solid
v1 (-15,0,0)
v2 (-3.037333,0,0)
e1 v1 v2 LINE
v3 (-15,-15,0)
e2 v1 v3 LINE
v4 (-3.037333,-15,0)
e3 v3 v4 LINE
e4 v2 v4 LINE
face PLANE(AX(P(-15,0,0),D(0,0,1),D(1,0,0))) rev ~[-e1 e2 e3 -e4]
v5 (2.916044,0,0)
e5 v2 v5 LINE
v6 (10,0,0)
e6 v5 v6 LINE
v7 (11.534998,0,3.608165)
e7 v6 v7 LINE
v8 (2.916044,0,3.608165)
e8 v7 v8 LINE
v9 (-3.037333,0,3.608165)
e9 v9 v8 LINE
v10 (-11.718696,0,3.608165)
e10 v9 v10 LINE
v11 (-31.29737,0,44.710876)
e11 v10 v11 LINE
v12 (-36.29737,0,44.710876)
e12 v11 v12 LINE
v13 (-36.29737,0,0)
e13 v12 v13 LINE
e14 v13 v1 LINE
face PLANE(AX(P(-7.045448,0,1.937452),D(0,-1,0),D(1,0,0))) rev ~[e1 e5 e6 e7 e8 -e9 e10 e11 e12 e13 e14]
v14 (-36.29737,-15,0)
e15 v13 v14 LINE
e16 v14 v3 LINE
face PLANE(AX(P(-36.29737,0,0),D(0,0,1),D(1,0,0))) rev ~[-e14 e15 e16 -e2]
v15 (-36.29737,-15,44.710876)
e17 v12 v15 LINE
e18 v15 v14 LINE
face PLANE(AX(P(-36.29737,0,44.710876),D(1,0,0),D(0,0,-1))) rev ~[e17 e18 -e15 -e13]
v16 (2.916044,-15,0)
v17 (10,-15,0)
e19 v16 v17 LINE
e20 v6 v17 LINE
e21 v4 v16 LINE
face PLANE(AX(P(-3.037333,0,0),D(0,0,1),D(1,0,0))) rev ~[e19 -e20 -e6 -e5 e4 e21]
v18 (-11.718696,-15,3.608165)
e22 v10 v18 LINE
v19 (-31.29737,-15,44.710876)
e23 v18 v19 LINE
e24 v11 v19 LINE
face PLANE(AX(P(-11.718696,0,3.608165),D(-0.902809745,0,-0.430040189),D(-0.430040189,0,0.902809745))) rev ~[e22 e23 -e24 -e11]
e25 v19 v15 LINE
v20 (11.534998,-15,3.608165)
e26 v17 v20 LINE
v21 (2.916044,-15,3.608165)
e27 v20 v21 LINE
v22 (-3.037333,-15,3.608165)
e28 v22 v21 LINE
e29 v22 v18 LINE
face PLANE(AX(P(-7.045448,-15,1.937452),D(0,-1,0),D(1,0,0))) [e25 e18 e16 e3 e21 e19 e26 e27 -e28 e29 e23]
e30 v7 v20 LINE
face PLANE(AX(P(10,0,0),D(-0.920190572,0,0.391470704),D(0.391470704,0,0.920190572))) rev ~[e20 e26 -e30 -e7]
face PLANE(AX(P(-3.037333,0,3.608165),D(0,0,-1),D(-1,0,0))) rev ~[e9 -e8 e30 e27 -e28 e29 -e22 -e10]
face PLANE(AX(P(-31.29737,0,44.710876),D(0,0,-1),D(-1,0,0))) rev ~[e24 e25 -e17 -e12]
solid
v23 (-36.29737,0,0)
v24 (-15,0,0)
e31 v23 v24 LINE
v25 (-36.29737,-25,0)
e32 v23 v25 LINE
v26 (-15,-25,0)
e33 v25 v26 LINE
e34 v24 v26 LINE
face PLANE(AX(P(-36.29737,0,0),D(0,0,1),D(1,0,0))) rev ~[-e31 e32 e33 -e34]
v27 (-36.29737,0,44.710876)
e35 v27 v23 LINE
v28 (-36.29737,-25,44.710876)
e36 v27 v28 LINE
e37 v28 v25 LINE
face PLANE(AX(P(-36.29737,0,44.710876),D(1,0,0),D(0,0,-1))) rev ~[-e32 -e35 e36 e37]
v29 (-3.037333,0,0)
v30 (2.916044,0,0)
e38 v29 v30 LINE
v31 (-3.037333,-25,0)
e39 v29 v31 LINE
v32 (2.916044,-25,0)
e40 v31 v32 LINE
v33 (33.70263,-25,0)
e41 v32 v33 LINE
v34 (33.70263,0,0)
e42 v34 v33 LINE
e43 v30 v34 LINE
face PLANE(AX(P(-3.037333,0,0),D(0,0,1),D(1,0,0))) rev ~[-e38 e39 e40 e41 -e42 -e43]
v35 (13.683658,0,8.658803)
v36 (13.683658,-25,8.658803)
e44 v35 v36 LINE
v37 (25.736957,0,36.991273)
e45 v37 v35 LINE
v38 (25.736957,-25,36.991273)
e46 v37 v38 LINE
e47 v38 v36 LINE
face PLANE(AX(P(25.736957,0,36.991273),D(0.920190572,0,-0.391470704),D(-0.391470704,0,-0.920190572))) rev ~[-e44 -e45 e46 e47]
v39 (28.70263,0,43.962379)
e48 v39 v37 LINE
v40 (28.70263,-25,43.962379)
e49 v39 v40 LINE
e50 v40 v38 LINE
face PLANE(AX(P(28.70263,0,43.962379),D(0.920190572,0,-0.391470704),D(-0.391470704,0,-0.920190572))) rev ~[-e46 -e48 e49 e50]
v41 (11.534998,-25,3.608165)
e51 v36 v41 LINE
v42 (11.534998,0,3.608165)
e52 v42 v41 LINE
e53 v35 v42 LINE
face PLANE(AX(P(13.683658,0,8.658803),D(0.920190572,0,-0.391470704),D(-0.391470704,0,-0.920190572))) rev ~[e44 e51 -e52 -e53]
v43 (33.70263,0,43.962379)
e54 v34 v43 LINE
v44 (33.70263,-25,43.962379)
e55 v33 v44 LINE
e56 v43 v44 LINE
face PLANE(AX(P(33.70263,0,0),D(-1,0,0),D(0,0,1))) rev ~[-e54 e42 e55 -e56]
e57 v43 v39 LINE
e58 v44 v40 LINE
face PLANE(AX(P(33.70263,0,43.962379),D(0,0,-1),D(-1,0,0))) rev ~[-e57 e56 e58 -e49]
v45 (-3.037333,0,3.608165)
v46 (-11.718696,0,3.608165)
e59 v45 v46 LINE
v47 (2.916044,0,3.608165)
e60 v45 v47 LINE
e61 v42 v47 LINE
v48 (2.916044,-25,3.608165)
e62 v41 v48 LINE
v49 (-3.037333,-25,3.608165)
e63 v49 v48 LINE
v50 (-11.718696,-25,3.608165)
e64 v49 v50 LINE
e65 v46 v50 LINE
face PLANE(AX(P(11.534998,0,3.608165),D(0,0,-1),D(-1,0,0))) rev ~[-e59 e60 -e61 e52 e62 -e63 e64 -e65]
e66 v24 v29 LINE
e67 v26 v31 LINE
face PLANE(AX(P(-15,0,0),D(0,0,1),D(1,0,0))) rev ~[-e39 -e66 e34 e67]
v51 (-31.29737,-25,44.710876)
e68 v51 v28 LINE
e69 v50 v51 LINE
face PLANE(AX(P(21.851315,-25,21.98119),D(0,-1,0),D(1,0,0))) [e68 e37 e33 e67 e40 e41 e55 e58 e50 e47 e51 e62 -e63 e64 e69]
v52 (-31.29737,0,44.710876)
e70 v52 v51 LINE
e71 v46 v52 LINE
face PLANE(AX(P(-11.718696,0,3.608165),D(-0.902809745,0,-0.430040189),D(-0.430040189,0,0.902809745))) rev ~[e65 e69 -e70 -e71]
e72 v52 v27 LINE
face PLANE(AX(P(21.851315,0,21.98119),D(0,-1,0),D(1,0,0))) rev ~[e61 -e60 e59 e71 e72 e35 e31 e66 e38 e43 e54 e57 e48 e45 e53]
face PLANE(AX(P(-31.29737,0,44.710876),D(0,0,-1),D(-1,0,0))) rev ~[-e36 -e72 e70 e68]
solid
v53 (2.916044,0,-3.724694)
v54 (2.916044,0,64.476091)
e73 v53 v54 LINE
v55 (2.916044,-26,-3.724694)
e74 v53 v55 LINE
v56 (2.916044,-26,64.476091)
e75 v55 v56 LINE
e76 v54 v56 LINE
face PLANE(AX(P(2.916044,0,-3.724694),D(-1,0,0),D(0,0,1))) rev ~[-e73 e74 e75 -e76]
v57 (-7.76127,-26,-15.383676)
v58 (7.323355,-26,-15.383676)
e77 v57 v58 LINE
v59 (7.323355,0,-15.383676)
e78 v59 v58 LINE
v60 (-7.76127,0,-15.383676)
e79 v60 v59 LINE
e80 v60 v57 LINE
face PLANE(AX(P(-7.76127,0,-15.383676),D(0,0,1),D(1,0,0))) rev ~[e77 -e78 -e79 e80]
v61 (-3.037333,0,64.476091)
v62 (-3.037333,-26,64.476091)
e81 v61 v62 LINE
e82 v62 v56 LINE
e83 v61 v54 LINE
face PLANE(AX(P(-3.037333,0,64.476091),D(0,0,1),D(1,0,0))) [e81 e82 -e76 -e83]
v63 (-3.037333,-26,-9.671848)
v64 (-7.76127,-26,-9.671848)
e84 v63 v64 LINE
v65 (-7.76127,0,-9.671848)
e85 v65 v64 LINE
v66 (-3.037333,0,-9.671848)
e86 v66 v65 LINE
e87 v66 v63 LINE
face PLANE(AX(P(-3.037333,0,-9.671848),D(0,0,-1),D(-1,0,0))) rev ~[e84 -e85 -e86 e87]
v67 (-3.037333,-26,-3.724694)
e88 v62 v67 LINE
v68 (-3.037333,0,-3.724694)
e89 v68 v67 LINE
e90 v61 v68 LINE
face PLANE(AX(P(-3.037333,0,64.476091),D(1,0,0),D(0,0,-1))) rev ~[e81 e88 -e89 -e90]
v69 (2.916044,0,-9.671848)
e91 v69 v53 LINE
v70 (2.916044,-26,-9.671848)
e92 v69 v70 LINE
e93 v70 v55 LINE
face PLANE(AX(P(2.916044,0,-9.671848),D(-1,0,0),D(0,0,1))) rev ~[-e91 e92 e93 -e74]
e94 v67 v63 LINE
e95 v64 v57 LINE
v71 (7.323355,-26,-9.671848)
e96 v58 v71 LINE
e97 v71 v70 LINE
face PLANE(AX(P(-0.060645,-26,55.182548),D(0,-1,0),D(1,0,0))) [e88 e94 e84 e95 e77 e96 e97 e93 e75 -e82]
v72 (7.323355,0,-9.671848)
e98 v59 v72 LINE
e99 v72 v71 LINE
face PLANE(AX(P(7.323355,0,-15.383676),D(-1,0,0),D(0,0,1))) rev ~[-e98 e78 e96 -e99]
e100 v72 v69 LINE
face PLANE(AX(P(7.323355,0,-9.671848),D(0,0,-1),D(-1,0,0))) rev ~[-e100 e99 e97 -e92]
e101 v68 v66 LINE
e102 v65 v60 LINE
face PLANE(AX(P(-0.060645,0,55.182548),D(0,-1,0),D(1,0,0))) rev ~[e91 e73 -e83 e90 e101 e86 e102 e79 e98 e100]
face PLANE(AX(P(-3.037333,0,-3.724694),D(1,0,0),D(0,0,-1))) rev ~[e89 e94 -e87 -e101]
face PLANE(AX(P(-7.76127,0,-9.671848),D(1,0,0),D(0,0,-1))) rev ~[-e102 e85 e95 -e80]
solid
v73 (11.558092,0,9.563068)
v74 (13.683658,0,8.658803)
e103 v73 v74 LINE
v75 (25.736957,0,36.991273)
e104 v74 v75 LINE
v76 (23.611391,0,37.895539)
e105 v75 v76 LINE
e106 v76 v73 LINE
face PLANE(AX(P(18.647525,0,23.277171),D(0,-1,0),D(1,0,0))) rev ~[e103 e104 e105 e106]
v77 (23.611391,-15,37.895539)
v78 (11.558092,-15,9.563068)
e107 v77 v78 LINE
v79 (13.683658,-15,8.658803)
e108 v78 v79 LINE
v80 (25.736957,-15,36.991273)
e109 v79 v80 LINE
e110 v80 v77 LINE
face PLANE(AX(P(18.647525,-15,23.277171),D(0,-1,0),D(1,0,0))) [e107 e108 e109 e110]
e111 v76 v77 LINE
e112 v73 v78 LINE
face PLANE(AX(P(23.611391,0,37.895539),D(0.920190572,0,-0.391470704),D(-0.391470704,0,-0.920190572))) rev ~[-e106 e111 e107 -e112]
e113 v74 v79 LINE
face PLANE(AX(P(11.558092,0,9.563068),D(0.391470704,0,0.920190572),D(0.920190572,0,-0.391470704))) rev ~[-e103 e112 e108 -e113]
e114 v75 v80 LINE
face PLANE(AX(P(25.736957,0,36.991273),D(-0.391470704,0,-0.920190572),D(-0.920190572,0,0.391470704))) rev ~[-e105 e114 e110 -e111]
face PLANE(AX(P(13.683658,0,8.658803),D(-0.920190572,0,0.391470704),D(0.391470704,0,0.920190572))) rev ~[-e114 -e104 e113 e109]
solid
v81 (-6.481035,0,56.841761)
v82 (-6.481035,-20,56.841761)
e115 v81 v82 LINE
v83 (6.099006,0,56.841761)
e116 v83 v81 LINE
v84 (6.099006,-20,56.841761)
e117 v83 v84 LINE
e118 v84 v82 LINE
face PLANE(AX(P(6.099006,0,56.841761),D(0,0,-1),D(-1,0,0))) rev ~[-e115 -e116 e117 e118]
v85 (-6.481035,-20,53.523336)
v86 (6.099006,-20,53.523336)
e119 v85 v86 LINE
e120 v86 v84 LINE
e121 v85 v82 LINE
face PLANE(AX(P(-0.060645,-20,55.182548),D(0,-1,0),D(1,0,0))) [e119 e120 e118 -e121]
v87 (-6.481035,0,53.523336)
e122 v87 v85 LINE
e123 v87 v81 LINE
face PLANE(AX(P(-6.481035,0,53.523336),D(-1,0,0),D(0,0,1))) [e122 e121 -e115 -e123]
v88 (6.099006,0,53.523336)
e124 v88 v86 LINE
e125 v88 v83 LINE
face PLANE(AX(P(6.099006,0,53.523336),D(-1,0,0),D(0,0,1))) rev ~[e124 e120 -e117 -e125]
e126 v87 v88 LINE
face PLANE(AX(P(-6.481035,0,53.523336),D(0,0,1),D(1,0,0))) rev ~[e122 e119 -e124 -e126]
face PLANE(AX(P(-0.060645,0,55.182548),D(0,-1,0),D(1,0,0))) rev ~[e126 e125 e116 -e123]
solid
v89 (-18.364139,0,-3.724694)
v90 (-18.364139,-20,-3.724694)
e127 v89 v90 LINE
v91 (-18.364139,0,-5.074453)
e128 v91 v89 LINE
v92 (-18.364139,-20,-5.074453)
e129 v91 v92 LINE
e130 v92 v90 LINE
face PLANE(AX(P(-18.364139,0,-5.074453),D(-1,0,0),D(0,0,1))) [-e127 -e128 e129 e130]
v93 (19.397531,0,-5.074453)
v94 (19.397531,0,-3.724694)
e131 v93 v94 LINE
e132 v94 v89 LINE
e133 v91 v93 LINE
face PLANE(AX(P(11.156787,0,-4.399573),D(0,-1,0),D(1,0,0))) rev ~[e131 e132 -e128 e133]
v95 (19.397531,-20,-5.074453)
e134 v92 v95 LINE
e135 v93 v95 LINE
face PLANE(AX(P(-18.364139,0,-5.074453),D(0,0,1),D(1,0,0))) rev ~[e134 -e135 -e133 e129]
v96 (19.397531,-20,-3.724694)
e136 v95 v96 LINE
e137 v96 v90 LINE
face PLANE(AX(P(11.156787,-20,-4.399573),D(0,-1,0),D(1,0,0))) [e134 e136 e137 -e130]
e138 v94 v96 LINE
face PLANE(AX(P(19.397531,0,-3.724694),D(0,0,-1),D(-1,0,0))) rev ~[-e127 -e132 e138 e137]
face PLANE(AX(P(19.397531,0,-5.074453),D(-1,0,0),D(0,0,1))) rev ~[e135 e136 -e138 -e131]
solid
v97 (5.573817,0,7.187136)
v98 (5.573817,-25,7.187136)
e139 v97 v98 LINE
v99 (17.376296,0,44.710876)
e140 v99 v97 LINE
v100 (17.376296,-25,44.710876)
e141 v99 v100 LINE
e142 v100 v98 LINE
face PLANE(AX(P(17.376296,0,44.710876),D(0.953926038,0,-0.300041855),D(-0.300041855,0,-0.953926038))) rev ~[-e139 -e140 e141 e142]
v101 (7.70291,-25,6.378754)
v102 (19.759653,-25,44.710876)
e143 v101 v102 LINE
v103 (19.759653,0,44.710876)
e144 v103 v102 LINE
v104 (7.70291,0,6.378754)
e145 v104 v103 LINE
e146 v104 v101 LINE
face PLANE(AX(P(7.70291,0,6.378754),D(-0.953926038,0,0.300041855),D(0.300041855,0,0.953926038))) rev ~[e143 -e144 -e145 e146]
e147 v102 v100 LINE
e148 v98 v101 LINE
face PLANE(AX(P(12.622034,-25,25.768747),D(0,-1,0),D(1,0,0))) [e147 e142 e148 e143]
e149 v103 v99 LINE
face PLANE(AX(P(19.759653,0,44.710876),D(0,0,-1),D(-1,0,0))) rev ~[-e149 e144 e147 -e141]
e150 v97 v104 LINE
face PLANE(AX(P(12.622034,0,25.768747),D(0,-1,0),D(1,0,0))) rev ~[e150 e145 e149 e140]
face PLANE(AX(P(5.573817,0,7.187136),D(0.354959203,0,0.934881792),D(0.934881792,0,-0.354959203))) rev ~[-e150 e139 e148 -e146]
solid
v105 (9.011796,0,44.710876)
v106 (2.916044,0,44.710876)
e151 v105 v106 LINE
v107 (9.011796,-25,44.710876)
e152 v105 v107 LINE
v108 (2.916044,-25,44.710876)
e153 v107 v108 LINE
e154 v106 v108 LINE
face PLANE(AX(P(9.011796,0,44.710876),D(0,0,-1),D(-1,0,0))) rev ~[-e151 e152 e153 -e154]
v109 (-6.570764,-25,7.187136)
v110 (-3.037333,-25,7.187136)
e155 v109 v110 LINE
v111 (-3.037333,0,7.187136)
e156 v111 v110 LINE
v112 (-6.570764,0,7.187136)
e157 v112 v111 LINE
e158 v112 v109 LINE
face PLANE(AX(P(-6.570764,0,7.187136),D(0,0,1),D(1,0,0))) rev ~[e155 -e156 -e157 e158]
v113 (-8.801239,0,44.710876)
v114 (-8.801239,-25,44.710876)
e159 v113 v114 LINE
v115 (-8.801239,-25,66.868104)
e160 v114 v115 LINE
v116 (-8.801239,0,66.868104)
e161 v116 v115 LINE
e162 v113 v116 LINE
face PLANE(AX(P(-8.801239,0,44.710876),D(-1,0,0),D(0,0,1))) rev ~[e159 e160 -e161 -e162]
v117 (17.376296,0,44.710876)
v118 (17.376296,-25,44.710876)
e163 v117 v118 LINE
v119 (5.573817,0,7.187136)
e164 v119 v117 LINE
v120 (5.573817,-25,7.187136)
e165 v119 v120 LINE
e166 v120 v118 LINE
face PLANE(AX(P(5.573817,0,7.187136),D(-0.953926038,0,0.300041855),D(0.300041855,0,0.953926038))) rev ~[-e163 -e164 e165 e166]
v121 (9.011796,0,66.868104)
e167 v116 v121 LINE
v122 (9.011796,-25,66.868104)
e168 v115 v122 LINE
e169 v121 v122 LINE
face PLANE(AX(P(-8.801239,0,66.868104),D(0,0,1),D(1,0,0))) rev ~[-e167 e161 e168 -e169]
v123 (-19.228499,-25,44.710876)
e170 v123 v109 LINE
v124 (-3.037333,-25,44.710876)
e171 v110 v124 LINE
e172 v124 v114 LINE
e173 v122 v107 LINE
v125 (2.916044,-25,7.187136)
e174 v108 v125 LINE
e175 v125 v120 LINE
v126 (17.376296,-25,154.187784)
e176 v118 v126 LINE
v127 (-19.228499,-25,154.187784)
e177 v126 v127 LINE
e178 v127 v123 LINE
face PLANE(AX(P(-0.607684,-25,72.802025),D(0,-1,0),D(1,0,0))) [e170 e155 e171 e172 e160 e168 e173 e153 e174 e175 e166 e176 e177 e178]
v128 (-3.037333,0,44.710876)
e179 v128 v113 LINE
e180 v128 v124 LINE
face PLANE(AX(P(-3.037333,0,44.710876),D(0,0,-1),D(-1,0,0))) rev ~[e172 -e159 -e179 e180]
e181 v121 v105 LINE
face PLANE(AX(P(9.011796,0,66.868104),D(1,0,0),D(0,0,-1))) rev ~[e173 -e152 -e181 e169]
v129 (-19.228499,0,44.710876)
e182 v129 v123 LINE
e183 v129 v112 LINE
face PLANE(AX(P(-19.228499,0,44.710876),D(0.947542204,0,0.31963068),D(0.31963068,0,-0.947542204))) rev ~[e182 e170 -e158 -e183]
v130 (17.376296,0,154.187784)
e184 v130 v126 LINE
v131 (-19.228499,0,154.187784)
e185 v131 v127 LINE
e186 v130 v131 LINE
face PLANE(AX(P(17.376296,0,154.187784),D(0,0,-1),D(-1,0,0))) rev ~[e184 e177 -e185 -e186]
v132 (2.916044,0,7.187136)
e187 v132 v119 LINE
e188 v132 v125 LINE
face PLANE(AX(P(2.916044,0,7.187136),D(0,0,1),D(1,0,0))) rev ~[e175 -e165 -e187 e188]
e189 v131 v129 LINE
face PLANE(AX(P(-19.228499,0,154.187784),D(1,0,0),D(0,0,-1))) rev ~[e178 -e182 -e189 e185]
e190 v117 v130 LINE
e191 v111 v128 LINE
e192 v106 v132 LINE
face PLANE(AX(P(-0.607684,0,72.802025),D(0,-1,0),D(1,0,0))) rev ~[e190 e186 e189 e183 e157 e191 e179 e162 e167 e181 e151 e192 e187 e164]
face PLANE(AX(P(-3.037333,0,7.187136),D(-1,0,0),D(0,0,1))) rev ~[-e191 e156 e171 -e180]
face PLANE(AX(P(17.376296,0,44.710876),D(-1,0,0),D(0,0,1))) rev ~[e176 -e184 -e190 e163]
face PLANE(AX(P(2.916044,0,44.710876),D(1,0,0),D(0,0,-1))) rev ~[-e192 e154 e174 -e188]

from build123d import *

# Parameters (mm, degrees)
F1_DEPTH = 25
F2_DEPTH = 25
F0_W     = 5.9533766471
F0_H     = 3.6081648873
F3_DEPTH = 25
F4_DEPTH = 15
F0_H_2   = 3.3184252679
F0_H_3   = 4.5973956585
F0_H_4   = 3.5789706303
F0_H_5   = 7.6343305409
F0_H_6   = 1.3497583568
F0_H_7   = 37.5237402231
F0_H_8   = 8.8124598652
F0_H_9   = 3.724694252
F5_DEPTH = 26
F0_W_2   = 16.4814870805
F0_W_3   = 15.3268058784
F6_DEPTH = 20
F0_W_4   = 3.1829625368
F0_W_5   = 3.4437016584
F7_DEPTH = 20


with BuildPart() as f1:
    # F0 (on Front) → F1 (new body)
    with BuildSketch(Plane.XZ):
        Polygon((-6.570763886, 7.1871355176), (-3.0373330228, 7.1871355176), (-3.0373330228, 44.7108757407), (-8.8012386113, 44.7108757407), (-8.8012386113, 66.8681040406), (9.0117957443, 66.8681040406), (9.0117957443, 44.7108757407), (2.9160436243, 44.7108757407), (2.9160436243, 7.1871355176), (5.5738165975, 7.1871355176), (17.3762962222, 44.7108757407), (17.3762962222, 154.1877835989), (-19.2284993827, 154.1877835989), (-19.2284993827, 44.7108757407), align=None)
    extrude(amount=F1_DEPTH)


with BuildPart() as f2:
    # F0 (on Front) → F2 (new body)
    with BuildSketch(Plane.XZ):
        Polygon((17.3762962222, 44.7108757407), (5.5738165975, 7.1871355176), (7.7029102343, 6.3787537654), (19.7596531361, 44.7108757407), align=None)
    extrude(amount=F2_DEPTH)


with BuildPart() as f3:
    # F0 (on Front) → F3 (new body)
    with BuildSketch(Plane.XZ):
        Polygon((13.683658185, 8.658802552), (11.5349981756, 3.6081648873), (10, 0), (15, 0), (33.7026296736, 43.9623790848), (28.7026296736, 43.9623790848), (25.7369572809, 36.991273083), align=None)
        Polygon((33.7026296736, 43.9623790848), (15, 0), (33.7026296736, 0), align=None)
        Polygon((11.5349981756, 3.6081648873), (2.9160436243, 3.6081648873), (2.9160436243, 0), (10, 0), align=None)
        with Locations((-0.0606446993, 1.8040824437)):
            Rectangle(F0_W, F0_H)
        Polygon((-3.0373330228, 3.6081648873), (-11.7186964588, 3.6081648873), (-10, 0), (-3.0373330228, 0), align=None)
        Polygon((-11.7186964588, 3.6081648873), (-31.2973703264, 44.7108757407), (-36.2973703264, 44.7108757407), (-15, 0), (-10, 0), align=None)
        Polygon((-15, 0), (-36.2973703264, 44.7108757407), (-36.2973703264, 0), align=None)
    extrude(amount=F3_DEPTH)


with BuildPart() as f4:
    # F0 (on Front) → F4 (new body)
    with BuildSketch(Plane.XZ):
        Polygon((11.5580922573, 9.5630682723), (13.683658185, 8.658802552), (25.7369572809, 36.991273083), (23.6113913532, 37.8955388033), align=None)
    extrude(amount=F4_DEPTH)


with BuildPart() as f4b:
    # F0 (on Front) → F4, piece 2 (new body)
    with BuildSketch(Plane.XZ):
        Polygon((-3.0373330228, 3.6081648873), (-11.7186964588, 3.6081648873), (-10, 0), (-3.0373330228, 0), align=None)
        Polygon((11.5349981756, 3.6081648873), (2.9160436243, 3.6081648873), (2.9160436243, 0), (10, 0), align=None)
        with Locations((-0.0606446993, 1.8040824437)):
            Rectangle(F0_W, F0_H)
        Polygon((-11.7186964588, 3.6081648873), (-31.2973703264, 44.7108757407), (-36.2973703264, 44.7108757407), (-15, 0), (-10, 0), align=None)
        Polygon((-15, 0), (-36.2973703264, 44.7108757407), (-36.2973703264, 0), align=None)
    extrude(amount=F4_DEPTH)


with BuildPart() as f5:
    # F0 (on Front) → F5 (new body)
    with BuildSketch(Plane.XZ):
        with Locations((-0.0606446993, 55.1825482398)):
            Rectangle(F0_W, F0_H_2)
        with Locations((-0.0606446993, -7.3731504381)):
            Rectangle(F0_W, F0_H_3)
        with Locations((-0.0606446993, 5.3976502025)):
            Rectangle(F0_W, F0_H_4)
        with Locations((-0.0606446993, 60.6589261442)):
            Rectangle(F0_W, F0_H_5)
        Polygon((2.9160436243, -9.6718482673), (-3.0373330228, -9.6718482673), (-7.7612702735, -9.6718482673), (-7.7612702735, -15.3836756945), (7.323355414, -15.3836756945), (7.323355414, -9.6718482673), align=None)
        with Locations((-0.0606446993, -4.3995734304)):
            Rectangle(F0_W, F0_H_6)
        with Locations((-0.0606446993, 25.9490056292)):
            Rectangle(F0_W, F0_H_7)
        with Locations((-0.0606446993, 49.1171056733)):
            Rectangle(F0_W, F0_H_8)
        with Locations((-0.0606446993, -1.862347126)):
            Rectangle(F0_W, F0_H_9)
        with Locations((-0.0606446993, 1.8040824437)):
            Rectangle(F0_W, F0_H)
    extrude(amount=F5_DEPTH)


with BuildPart() as f6:
    # F0 (on Front) → F6 (new body)
    with BuildSketch(Plane.XZ):
        with Locations((11.1567871645, -4.3995734304)):
            Rectangle(F0_W_2, F0_H_6)
        with Locations((-10.700735962, -4.3995734304)):
            Rectangle(F0_W_3, F0_H_6)
        with Locations((-0.0606446993, -4.3995734304)):
            Rectangle(F0_W, F0_H_6)
    extrude(amount=F6_DEPTH)


with BuildPart() as f7:
    # F0 (on Front) → F7 (new body)
    with BuildSketch(Plane.XZ):
        with Locations((-0.0606446993, 55.1825482398)):
            Rectangle(F0_W, F0_H_2)
        with Locations((4.5075248927, 55.1825482398)):
            Rectangle(F0_W_4, F0_H_2)
        with Locations((-4.759183852, 55.1825482398)):
            Rectangle(F0_W_5, F0_H_2)
    extrude(amount=F7_DEPTH)


solid = Compound([f1.part, f2.part, f3.part, f4.part, f4b.part, f5.part, f6.part, f7.part])
